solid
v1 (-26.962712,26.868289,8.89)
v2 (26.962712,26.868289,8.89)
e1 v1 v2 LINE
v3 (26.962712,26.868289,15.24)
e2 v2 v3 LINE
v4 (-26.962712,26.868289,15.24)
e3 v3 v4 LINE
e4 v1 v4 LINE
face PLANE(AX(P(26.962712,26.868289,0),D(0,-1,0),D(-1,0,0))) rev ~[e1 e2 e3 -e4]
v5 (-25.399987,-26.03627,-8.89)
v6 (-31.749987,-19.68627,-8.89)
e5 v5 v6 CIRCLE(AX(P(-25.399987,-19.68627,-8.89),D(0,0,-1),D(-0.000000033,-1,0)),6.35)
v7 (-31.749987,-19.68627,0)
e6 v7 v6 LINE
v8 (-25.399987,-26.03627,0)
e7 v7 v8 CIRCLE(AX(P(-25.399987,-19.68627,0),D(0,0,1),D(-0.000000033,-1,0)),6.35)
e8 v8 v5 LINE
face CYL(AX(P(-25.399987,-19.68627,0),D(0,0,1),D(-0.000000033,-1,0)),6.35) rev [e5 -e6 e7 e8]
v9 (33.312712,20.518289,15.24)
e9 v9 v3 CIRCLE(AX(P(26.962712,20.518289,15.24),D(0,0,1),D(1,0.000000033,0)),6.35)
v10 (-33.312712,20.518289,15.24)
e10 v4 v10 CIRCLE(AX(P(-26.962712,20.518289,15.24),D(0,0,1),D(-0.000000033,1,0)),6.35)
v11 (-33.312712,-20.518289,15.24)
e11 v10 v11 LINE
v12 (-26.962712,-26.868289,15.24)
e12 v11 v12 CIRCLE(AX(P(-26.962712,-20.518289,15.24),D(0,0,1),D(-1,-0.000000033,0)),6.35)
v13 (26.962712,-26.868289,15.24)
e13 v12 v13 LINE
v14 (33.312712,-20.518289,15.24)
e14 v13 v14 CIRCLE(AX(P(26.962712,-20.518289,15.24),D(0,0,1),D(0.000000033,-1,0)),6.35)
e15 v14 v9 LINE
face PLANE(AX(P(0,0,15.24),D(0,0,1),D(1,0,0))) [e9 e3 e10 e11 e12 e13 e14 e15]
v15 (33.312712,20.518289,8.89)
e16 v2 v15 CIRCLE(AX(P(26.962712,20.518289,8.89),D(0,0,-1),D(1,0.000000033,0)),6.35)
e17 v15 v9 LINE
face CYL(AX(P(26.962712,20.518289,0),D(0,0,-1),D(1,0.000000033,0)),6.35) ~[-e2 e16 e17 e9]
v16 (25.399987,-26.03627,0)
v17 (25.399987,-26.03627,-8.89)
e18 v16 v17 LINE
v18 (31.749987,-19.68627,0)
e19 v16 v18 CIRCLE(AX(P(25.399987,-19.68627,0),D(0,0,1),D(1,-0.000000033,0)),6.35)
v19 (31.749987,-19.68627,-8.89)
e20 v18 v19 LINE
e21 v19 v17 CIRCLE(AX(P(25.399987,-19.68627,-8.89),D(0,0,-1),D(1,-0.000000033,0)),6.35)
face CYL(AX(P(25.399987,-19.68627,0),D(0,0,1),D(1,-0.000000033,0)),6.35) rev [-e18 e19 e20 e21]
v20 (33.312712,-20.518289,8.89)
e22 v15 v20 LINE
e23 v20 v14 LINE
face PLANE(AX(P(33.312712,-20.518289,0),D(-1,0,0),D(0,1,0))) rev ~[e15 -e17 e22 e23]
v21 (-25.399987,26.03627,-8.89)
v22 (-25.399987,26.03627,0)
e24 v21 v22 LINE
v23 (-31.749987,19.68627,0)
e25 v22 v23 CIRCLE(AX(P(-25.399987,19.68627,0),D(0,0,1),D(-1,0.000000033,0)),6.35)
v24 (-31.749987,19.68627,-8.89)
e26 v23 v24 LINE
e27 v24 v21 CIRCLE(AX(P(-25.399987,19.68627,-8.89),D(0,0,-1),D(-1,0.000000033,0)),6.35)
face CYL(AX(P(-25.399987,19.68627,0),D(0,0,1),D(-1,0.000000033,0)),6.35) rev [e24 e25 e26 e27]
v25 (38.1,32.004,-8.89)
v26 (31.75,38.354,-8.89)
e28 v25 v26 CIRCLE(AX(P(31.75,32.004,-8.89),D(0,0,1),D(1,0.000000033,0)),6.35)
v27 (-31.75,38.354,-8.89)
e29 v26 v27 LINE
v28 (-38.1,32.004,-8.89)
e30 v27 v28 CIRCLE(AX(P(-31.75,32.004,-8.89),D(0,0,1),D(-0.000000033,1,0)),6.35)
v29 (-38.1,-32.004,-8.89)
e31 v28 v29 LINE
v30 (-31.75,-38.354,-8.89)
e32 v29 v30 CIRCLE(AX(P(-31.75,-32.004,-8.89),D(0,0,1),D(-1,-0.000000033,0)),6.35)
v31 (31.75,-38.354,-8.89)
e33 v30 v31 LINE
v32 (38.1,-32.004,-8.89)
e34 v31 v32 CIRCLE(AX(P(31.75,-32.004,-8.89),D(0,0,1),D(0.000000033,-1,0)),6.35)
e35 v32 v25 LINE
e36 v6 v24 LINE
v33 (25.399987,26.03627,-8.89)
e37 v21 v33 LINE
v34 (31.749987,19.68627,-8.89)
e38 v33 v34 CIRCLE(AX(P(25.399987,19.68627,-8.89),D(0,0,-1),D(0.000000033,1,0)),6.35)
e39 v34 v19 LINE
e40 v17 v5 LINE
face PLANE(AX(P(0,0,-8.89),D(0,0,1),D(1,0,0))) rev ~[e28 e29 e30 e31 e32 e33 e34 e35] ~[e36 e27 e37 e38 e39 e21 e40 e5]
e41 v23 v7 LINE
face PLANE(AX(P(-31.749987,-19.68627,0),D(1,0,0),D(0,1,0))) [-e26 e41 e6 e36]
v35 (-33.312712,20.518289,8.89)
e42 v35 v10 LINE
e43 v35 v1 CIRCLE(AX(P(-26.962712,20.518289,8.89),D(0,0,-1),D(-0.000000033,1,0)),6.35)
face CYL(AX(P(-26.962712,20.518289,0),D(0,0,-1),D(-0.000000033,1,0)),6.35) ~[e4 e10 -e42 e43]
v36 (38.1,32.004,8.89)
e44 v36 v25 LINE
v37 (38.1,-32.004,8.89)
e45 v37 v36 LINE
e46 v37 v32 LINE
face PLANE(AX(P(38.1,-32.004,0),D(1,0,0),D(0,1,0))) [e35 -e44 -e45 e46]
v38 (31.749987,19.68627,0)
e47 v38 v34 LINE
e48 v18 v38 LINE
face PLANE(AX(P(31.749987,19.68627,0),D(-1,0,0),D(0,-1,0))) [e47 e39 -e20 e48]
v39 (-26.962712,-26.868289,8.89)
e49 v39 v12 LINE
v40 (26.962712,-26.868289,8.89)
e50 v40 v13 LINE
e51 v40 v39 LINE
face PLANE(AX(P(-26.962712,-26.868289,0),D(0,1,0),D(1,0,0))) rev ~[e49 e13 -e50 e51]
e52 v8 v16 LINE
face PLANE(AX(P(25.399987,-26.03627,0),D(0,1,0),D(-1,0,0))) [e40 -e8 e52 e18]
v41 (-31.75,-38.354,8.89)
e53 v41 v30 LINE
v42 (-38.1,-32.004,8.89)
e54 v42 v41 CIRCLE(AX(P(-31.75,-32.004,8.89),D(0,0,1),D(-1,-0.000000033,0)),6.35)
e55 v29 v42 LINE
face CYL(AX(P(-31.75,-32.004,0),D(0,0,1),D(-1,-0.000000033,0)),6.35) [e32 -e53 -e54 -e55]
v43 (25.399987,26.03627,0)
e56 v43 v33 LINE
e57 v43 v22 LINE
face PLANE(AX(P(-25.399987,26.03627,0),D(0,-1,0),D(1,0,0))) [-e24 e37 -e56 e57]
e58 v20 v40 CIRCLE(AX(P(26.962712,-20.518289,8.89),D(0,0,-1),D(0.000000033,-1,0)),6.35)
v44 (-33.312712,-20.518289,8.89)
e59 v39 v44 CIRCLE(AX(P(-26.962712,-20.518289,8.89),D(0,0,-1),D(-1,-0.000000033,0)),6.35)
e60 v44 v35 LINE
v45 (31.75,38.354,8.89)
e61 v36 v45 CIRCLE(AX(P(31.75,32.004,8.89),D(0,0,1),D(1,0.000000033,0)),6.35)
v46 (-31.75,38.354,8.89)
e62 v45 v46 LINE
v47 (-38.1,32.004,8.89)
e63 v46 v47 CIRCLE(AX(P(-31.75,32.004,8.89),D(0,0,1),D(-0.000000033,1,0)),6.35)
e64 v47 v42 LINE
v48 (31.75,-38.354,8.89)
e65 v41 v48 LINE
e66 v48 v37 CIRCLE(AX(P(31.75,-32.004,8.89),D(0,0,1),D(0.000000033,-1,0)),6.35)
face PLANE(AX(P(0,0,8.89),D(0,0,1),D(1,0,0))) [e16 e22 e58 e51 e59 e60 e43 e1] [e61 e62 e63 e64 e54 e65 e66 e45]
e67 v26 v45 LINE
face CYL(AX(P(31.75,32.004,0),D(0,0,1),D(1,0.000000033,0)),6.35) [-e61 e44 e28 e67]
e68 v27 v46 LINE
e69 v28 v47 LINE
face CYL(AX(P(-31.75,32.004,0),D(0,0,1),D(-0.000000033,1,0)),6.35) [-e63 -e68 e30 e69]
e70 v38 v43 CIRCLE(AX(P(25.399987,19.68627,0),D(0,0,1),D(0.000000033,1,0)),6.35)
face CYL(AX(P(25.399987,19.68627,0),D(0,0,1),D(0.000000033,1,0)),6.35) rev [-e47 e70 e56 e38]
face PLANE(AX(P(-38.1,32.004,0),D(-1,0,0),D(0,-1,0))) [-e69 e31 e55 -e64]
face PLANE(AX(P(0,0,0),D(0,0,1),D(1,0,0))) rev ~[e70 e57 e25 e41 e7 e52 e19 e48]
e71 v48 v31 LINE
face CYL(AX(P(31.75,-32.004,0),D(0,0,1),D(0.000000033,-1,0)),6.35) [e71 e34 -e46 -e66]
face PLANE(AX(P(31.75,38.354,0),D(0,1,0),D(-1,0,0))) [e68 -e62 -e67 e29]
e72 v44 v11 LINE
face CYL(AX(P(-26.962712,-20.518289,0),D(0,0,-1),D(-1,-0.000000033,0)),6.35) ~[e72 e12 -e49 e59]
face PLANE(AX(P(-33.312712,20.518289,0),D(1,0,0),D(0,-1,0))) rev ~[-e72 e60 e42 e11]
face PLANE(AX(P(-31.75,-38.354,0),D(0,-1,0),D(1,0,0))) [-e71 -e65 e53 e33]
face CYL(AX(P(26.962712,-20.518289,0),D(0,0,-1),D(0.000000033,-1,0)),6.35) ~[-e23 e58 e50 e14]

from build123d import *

# Parameters (mm, degrees)
F1_DEPTH = 8.89
F3_DEPTH = 15.24


with BuildPart() as f1:
    # F0 (on Top) → F1 (new body, symmetric)
    with BuildSketch(Plane.XY):
        with BuildLine():
            ThreePointArc((38.1, 32.004), (36.240128, 36.494128), (31.75, 38.354))
            Line((31.75, 38.354), (-31.75, 38.354))
            ThreePointArc((-31.75, 38.354), (-36.240128, 36.494128), (-38.1, 32.004))
            Line((-38.1, 32.004), (-38.1, -32.004))
            ThreePointArc((-38.1, -32.004), (-36.240128, -36.494128), (-31.75, -38.354))
            Line((-31.75, -38.354), (31.75, -38.354))
            ThreePointArc((31.75, -38.354), (36.240128, -36.494128), (38.1, -32.004))
            Line((38.1, -32.004), (38.1, 32.004))
        make_face()
        with BuildLine():
            Line((-25.399987, 26.03627), (25.399987, 26.03627))
            ThreePointArc((25.399987, 26.03627), (29.890115, 24.176398), (31.749987, 19.68627))
            Line((31.749987, 19.68627), (31.749987, -19.68627))
            ThreePointArc((31.749987, -19.68627), (29.890115, -24.176398), (25.399987, -26.03627))
            Line((25.399987, -26.03627), (-25.399987, -26.03627))
            ThreePointArc((-25.399987, -26.03627), (-29.890115, -24.176398), (-31.749987, -19.68627))
            Line((-31.749987, -19.68627), (-31.749987, 19.68627))
            ThreePointArc((-31.749987, 19.68627), (-29.890115, 24.176398), (-25.399987, 26.03627))
        make_face(mode=Mode.SUBTRACT)
    extrude(amount=F1_DEPTH, both=True)

    # F2 (on Top) → F3 (join)
    with BuildSketch(Plane.XY):
        with BuildLine():
            ThreePointArc((33.312712, 20.518289), (31.45284, 25.008417), (26.962712, 26.868289))
            Line((26.962712, 26.868289), (-26.962712, 26.868289))
            ThreePointArc((-26.962712, 26.868289), (-31.45284, 25.008417), (-33.312712, 20.518289))
            Line((-33.312712, 20.518289), (-33.312712, -20.518289))
            ThreePointArc((-33.312712, -20.518289), (-31.45284, -25.008417), (-26.962712, -26.868289))
            Line((-26.962712, -26.868289), (26.962712, -26.868289))
            ThreePointArc((26.962712, -26.868289), (31.45284, -25.008417), (33.312712, -20.518289))
            Line((33.312712, -20.518289), (33.312712, 20.518289))
        make_face()
    extrude(amount=F3_DEPTH)


solid = f1.part
